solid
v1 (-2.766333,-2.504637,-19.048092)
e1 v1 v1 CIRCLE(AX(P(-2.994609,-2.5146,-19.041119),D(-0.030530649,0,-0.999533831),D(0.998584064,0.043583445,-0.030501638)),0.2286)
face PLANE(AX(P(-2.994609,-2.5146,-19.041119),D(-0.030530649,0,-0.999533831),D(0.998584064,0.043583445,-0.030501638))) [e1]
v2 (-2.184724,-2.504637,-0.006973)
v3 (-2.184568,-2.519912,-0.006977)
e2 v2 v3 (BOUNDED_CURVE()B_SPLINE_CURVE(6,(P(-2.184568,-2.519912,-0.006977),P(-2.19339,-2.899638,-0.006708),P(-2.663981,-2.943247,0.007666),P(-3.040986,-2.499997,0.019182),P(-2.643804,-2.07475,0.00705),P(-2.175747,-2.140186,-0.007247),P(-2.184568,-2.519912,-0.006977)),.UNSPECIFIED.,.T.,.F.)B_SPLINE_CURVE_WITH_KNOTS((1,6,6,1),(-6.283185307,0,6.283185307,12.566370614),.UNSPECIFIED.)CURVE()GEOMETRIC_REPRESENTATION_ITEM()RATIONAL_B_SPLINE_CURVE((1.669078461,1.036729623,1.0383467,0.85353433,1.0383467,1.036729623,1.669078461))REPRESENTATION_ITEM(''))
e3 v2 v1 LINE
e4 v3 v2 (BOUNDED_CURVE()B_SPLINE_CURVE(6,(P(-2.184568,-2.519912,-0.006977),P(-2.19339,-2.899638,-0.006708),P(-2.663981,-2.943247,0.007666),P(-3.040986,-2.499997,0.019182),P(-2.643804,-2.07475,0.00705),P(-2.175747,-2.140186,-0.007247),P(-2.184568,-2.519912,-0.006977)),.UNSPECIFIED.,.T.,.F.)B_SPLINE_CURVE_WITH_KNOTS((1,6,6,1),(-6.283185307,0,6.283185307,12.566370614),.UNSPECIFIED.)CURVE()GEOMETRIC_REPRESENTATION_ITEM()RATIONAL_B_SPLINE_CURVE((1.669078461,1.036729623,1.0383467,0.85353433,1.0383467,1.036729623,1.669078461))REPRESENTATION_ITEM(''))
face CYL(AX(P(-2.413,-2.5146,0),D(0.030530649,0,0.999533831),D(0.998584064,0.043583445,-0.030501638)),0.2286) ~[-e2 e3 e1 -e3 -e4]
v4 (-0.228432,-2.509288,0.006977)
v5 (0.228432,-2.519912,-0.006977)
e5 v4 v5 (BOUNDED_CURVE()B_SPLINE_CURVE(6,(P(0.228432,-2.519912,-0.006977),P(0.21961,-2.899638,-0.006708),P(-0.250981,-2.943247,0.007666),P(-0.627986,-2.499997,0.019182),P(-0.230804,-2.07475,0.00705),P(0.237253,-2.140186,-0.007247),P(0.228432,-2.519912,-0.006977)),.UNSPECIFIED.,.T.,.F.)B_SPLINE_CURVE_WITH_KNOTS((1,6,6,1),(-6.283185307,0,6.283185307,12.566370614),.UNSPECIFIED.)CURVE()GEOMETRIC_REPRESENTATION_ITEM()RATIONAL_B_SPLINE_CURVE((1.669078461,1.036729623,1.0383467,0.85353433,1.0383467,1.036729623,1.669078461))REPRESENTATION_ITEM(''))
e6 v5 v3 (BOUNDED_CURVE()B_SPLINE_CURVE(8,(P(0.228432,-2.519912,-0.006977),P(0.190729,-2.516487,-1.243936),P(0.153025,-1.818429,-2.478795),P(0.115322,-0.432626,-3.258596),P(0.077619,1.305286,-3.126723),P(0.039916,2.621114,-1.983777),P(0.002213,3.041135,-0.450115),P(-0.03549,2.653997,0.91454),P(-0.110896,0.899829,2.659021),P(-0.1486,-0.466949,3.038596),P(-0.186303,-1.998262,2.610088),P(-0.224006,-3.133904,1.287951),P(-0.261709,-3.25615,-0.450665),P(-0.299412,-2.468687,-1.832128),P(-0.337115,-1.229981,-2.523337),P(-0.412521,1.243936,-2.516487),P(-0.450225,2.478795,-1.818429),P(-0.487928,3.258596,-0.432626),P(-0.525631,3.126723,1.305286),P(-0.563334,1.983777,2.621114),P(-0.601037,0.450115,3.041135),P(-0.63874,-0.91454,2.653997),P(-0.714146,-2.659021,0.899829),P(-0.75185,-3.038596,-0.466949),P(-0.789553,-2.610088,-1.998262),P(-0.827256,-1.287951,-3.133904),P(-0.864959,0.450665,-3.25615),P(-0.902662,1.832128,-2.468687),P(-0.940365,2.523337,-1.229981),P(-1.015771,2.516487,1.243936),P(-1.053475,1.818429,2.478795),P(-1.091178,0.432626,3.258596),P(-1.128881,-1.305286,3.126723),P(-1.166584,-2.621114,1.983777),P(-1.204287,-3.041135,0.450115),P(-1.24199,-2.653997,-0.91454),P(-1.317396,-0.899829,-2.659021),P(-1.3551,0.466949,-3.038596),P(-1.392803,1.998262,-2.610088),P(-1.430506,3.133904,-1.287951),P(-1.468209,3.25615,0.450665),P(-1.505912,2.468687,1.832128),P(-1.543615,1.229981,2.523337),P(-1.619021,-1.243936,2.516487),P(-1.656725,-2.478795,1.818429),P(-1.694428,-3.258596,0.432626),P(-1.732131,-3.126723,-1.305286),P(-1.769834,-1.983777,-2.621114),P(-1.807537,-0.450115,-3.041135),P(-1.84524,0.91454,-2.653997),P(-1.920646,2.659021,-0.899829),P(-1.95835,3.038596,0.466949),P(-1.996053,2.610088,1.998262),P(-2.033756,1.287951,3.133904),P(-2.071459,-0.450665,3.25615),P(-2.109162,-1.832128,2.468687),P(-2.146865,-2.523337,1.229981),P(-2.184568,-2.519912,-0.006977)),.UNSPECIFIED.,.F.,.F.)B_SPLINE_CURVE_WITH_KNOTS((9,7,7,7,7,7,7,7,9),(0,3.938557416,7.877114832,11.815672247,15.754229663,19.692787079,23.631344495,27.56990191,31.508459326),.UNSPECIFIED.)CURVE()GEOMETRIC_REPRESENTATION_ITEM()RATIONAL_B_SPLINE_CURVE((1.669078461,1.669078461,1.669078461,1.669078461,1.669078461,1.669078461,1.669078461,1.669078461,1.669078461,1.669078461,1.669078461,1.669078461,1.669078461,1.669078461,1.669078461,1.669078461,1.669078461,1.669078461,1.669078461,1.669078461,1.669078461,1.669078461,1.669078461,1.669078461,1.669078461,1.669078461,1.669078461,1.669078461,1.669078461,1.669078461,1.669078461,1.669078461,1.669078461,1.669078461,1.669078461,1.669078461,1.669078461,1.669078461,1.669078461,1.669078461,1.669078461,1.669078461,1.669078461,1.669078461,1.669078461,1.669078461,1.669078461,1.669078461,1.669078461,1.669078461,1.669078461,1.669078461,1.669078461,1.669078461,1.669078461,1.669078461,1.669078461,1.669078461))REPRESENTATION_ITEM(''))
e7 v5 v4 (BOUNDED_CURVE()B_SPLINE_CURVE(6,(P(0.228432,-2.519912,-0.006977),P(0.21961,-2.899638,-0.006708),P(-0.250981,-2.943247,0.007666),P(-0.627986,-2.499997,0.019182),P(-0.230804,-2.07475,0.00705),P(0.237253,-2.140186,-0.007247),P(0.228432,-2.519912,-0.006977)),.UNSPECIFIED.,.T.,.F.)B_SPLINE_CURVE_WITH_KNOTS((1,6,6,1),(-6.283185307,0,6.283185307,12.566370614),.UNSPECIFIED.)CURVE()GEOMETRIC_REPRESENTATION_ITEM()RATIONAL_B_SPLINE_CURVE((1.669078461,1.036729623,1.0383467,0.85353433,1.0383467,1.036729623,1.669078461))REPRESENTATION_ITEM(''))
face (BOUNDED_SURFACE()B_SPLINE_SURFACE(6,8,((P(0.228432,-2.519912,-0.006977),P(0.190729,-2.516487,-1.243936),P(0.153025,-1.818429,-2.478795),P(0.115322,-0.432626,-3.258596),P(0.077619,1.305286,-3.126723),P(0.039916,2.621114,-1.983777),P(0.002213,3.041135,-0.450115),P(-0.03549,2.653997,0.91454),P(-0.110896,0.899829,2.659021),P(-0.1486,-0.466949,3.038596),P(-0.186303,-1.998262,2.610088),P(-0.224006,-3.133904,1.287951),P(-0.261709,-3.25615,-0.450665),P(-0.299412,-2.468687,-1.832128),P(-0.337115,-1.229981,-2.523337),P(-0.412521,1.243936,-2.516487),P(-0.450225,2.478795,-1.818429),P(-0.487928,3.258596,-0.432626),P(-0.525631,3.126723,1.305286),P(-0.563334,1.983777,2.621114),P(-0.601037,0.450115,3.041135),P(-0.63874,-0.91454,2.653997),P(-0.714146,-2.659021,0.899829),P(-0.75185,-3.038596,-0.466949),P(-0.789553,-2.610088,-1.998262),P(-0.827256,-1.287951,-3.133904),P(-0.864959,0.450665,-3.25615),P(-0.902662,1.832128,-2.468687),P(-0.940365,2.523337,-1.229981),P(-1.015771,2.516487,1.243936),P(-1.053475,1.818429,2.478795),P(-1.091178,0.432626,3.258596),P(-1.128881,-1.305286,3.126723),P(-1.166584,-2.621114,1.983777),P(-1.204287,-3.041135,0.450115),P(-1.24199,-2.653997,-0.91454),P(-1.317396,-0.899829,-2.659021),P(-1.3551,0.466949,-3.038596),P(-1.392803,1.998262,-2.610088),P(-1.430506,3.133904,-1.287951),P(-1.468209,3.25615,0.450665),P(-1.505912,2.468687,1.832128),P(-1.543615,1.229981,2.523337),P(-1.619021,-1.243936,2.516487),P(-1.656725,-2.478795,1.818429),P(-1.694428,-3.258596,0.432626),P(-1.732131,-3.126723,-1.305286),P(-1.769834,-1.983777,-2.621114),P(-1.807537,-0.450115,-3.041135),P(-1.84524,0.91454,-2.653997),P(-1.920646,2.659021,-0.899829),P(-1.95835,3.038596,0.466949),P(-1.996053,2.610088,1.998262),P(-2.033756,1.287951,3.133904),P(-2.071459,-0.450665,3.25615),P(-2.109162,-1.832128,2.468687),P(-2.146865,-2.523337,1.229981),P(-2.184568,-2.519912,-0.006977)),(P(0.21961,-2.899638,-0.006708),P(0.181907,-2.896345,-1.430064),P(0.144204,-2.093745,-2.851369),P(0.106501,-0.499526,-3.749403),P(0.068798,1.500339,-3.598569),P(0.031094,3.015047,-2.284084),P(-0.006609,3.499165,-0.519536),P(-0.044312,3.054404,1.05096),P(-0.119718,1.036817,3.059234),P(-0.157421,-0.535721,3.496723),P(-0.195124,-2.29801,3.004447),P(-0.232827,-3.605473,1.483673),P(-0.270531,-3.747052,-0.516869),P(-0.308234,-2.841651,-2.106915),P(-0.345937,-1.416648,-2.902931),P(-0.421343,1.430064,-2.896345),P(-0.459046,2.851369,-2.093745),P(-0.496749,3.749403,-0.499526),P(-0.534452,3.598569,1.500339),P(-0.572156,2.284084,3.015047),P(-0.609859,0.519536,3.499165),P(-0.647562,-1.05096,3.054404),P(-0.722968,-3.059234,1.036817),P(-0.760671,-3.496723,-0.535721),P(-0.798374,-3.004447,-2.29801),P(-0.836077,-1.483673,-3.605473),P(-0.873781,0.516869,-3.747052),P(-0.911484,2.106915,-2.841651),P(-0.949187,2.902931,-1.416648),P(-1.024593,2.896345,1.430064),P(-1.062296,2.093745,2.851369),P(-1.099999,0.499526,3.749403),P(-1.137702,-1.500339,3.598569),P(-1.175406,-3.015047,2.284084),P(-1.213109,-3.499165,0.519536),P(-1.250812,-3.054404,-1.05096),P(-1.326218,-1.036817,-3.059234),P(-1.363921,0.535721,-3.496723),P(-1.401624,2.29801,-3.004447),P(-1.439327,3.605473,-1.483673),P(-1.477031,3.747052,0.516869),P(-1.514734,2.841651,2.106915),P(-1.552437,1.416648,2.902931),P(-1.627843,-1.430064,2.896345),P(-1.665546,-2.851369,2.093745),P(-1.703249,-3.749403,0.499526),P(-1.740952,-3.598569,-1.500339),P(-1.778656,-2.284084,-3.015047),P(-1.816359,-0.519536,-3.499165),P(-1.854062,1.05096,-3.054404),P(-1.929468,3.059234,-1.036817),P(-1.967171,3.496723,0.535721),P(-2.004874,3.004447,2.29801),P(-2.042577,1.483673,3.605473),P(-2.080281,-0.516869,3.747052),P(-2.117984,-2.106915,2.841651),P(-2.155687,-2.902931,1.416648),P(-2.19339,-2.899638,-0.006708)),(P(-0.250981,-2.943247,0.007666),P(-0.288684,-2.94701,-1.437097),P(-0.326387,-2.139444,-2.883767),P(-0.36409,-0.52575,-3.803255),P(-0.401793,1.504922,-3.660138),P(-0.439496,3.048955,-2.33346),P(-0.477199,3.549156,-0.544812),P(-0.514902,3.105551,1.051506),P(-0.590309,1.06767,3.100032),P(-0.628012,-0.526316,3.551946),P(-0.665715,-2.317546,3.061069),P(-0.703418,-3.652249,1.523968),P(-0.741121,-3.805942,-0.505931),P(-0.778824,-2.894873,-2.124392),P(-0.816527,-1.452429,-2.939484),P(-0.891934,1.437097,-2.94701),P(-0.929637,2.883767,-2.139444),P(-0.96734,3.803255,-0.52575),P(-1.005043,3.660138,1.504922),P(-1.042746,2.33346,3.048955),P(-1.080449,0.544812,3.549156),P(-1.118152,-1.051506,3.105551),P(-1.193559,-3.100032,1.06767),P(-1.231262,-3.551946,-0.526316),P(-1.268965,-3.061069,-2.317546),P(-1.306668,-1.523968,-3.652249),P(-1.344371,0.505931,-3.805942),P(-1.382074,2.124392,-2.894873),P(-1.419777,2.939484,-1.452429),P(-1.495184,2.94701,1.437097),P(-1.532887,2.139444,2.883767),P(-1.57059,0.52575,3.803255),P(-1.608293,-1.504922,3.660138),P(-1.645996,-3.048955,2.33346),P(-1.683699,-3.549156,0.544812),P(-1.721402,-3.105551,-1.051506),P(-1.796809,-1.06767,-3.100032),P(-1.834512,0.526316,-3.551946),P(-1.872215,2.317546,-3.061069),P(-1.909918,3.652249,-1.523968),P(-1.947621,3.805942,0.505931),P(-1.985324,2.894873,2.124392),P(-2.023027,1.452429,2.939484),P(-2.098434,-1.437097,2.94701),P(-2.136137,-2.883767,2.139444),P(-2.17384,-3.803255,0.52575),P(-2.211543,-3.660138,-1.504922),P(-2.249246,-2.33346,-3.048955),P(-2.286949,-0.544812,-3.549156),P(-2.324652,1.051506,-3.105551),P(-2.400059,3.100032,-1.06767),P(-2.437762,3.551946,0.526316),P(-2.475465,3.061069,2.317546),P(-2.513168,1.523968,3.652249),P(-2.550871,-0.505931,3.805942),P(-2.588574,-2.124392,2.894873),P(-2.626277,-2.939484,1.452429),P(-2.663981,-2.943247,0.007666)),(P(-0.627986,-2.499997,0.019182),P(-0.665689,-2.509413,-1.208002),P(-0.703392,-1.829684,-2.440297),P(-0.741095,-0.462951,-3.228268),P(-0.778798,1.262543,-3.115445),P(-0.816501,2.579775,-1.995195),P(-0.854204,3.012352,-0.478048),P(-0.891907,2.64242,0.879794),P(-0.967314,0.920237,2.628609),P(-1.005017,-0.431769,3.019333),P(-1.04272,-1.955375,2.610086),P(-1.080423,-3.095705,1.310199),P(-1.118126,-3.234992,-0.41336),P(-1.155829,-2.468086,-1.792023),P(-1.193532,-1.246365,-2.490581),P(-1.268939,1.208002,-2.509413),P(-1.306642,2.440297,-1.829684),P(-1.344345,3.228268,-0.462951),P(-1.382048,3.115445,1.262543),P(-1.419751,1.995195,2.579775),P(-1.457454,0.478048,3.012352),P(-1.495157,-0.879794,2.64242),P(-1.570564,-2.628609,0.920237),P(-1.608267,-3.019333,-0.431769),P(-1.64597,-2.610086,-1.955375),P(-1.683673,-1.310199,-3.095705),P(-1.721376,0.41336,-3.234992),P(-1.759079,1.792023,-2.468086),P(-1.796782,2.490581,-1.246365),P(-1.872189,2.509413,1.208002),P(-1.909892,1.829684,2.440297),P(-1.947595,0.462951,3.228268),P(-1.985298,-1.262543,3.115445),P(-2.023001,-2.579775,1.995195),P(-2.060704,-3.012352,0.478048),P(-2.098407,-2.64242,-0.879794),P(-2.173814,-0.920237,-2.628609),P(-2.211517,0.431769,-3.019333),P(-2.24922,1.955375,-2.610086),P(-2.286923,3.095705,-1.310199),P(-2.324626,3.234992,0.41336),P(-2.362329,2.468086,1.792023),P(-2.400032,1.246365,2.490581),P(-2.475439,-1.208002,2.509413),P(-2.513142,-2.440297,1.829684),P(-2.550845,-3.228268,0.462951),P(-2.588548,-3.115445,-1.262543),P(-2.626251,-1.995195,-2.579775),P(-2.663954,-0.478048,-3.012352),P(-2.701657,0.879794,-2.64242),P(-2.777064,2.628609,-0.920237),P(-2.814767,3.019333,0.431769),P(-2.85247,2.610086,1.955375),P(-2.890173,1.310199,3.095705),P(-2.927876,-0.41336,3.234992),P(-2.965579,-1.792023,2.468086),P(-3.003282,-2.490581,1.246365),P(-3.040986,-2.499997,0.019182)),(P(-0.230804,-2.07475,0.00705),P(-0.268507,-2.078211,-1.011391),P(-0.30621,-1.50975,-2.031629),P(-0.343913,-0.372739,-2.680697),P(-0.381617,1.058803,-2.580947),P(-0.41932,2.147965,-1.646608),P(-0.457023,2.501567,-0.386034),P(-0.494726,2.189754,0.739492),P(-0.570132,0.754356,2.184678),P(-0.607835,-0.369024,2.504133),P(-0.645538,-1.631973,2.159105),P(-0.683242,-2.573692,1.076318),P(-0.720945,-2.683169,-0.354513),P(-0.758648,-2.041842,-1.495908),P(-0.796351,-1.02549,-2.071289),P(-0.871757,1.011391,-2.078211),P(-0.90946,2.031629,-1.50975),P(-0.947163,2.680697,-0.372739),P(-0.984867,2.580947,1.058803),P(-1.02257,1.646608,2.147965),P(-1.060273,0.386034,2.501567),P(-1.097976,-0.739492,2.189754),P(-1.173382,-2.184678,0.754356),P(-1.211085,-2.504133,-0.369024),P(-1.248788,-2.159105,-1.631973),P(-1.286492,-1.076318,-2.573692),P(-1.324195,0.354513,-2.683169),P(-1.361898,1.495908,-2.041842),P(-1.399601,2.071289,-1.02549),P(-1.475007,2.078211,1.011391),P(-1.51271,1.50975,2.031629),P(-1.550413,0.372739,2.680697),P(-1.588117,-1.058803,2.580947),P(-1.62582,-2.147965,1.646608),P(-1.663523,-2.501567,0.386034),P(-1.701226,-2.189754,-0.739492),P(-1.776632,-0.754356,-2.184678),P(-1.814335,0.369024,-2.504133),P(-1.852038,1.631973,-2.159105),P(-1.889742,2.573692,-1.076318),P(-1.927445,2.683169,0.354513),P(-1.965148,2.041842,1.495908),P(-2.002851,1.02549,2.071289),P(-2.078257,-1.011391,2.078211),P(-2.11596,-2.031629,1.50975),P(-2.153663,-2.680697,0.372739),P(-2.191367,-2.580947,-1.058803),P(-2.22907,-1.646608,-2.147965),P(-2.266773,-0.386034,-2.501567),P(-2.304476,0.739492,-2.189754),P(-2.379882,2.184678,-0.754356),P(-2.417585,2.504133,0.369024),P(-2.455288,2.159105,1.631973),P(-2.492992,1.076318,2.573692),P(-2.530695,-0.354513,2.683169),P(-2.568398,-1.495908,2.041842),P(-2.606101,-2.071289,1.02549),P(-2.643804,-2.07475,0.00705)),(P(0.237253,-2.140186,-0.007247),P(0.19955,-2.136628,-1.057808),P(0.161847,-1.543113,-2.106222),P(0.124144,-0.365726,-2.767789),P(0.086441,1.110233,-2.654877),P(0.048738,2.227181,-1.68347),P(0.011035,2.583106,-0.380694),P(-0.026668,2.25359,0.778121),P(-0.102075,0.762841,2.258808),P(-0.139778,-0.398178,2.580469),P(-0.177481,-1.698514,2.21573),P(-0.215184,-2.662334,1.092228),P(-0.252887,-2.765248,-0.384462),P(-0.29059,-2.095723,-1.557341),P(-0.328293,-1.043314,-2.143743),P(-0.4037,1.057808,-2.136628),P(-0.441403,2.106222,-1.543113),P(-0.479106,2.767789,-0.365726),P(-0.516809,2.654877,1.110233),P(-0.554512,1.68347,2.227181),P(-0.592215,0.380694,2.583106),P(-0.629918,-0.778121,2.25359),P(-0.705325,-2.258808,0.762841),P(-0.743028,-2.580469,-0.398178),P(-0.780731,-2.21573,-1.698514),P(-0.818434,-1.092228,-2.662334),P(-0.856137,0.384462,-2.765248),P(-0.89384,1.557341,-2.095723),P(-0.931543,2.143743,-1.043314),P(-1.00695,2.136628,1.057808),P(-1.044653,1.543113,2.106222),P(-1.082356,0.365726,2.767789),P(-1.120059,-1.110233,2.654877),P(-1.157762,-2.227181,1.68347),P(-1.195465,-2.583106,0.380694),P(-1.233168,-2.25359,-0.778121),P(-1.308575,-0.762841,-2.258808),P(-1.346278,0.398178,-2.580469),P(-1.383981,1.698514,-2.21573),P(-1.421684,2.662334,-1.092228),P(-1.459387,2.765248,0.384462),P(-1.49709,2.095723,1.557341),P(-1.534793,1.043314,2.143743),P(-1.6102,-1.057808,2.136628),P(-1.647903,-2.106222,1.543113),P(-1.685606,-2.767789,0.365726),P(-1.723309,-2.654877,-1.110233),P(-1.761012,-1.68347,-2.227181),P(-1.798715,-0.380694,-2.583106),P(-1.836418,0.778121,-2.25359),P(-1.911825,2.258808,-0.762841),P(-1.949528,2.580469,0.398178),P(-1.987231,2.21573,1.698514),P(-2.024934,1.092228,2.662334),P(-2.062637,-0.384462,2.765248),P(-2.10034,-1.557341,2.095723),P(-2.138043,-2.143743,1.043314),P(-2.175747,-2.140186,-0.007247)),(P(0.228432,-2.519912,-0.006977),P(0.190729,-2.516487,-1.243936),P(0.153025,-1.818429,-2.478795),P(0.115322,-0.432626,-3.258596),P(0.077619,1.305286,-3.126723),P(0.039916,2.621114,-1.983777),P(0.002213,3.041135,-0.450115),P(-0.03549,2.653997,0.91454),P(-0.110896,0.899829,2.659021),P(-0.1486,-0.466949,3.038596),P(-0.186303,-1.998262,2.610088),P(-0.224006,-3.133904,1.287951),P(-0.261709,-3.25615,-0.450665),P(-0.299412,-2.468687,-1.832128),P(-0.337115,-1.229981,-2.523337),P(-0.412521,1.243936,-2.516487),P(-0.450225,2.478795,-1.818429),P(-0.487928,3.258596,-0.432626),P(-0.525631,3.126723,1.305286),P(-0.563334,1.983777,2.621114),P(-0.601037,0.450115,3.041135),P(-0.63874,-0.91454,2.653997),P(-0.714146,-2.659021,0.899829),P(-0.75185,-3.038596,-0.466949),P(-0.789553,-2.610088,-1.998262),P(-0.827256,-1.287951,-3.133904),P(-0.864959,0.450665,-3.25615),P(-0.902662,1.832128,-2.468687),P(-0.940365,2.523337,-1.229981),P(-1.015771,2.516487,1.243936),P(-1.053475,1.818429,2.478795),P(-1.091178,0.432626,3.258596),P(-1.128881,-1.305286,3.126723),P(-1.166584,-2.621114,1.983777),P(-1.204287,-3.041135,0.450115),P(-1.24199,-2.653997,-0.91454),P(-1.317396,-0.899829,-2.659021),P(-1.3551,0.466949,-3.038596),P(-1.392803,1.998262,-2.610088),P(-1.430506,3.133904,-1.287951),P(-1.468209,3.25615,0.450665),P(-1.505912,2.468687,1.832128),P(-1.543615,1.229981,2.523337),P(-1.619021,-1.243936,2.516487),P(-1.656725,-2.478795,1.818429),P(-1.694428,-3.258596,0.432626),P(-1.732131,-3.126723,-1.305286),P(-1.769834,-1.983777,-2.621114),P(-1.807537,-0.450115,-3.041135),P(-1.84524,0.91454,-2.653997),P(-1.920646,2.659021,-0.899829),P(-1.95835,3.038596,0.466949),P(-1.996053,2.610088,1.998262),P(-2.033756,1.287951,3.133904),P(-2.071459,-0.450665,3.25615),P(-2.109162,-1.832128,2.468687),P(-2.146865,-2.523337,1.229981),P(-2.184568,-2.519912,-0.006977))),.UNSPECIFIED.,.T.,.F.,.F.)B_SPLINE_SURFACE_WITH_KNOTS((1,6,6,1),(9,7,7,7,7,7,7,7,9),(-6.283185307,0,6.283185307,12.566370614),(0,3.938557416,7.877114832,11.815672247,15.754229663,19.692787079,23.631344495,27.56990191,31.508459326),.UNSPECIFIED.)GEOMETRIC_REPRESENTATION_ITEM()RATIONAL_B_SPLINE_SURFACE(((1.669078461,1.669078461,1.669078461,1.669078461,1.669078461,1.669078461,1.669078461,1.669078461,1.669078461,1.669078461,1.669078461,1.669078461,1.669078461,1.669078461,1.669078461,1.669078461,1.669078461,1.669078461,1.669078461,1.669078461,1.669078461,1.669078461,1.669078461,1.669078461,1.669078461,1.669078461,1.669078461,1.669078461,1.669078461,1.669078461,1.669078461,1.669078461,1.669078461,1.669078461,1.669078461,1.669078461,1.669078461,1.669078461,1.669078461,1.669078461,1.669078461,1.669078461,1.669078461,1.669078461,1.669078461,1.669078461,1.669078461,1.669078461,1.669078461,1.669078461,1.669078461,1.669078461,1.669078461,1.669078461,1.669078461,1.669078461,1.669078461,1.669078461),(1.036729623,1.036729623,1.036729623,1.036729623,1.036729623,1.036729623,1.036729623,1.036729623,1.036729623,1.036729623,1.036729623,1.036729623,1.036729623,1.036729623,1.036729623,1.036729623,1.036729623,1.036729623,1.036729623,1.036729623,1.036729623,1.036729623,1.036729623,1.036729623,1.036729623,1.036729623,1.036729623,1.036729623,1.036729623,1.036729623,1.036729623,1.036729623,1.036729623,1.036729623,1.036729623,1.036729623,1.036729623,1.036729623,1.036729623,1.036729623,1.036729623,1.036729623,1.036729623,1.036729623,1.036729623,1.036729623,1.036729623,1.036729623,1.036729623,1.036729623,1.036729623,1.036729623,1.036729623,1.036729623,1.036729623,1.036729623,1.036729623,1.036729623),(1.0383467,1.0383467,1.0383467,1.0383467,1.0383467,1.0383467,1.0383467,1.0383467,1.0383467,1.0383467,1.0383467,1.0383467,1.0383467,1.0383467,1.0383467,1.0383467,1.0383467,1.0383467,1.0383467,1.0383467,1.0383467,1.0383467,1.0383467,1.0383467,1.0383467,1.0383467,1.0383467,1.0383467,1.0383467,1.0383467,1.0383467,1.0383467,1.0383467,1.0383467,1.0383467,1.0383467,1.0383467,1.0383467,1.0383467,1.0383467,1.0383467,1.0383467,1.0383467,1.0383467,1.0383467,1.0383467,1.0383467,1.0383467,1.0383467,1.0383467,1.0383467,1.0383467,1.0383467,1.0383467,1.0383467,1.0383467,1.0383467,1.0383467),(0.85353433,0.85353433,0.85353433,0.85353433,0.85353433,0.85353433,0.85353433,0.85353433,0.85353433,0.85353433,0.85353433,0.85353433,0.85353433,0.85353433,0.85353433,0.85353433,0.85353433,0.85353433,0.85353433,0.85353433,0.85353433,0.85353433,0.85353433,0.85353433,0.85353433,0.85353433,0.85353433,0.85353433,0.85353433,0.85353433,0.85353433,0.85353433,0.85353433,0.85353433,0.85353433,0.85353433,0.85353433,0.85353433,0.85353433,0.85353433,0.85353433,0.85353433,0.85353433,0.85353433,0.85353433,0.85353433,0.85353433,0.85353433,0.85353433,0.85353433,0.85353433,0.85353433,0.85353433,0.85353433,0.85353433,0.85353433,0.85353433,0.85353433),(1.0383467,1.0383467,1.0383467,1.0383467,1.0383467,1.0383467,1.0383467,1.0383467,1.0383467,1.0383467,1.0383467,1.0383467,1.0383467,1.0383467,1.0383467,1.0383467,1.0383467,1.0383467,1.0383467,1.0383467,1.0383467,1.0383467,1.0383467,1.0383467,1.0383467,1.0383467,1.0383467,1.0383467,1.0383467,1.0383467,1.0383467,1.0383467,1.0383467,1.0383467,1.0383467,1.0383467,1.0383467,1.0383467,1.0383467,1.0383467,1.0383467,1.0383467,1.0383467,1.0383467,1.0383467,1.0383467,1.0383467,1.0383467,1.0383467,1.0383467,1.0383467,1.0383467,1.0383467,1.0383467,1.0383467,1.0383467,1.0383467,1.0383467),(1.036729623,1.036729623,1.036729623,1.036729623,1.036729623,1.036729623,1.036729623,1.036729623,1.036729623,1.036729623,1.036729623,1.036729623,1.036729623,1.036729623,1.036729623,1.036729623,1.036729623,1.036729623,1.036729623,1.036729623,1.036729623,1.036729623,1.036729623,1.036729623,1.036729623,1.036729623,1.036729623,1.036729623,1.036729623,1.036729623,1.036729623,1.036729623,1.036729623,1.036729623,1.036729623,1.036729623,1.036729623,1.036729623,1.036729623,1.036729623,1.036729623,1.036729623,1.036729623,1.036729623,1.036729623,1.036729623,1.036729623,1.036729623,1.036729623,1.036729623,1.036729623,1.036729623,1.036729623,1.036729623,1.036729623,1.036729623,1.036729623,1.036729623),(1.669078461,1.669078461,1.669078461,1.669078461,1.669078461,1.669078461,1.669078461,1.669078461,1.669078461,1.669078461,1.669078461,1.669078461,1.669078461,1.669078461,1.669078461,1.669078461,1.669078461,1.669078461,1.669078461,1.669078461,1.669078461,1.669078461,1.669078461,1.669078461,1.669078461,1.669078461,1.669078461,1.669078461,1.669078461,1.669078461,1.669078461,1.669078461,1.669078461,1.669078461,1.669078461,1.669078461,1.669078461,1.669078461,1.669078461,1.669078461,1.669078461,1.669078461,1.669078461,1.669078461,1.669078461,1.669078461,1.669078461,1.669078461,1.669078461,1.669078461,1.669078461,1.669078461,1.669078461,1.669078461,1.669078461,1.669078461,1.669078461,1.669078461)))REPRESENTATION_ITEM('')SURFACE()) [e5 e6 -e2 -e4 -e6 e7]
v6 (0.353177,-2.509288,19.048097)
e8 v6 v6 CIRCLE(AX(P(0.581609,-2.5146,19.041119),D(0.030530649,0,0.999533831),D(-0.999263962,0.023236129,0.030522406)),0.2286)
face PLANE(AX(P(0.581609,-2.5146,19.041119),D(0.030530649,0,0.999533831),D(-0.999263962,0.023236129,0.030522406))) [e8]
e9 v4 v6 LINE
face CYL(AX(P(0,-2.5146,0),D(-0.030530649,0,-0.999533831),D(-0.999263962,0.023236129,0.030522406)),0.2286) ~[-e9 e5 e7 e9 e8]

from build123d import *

# Parameters (mm, degrees)
SWEEP1_PITCH       = 0.4826
SWEEP1_HEIGHT      = 2.413
SWEEP1_RADIUS      = 2.5146
SWEEP1_START_ANGLE = 90
SKETCH3_R          = 0.2286
SKETCH4_R          = 0.2286
EXTRUDE1_DEPTH     = 19.05
SKETCH5_R          = 0.2286
EXTRUDE2_DEPTH     = 19.05


with BuildPart() as part:
    # Sweep1: sweep along a helix
    with BuildLine() as sweep1_path:
        add(Helix(SWEEP1_PITCH, SWEEP1_HEIGHT, SWEEP1_RADIUS, center=(0, 0, 0), direction=(-1, 0, 0), lefthand=True, mode=Mode.PRIVATE).rotate(Axis((0, 0, 0), (-1, 0, 0)), SWEEP1_START_ANGLE))
    # Sketch3 → Sweep1 (sweep)
    with BuildSketch(Plane(origin=(0, -2.5146, 0), x_dir=(0.999263962, -0.023236129, -0.030522406), z_dir=(-0.030530649, 0, -0.999533831))):
        Circle(SKETCH3_R)
    sweep(path=sweep1_path.line, is_frenet=True)

    # Sketch4 → Extrude1 (add)
    with BuildSketch(Plane(origin=(0, 0, 0), x_dir=(-0.999263962, 0.023236129, 0.030522406), z_dir=(0.030530649, 0, 0.999533831))):
        with Locations((-0.05842957, 2.51392107)):
            Circle(SKETCH4_R)
    extrude(amount=EXTRUDE1_DEPTH)

    # Sketch5 → Extrude2 (add)
    with BuildSketch(Plane(origin=(-0.002249207, 0, -0.073636113), x_dir=(0.998584064, 0.043583445, -0.030501638), z_dir=(-0.030530649, 0, -0.999533831))):
        with Locations((-2.519178278, 2.407092775)):
            Circle(SKETCH5_R)
    extrude(amount=EXTRUDE2_DEPTH)


solid = part.part
